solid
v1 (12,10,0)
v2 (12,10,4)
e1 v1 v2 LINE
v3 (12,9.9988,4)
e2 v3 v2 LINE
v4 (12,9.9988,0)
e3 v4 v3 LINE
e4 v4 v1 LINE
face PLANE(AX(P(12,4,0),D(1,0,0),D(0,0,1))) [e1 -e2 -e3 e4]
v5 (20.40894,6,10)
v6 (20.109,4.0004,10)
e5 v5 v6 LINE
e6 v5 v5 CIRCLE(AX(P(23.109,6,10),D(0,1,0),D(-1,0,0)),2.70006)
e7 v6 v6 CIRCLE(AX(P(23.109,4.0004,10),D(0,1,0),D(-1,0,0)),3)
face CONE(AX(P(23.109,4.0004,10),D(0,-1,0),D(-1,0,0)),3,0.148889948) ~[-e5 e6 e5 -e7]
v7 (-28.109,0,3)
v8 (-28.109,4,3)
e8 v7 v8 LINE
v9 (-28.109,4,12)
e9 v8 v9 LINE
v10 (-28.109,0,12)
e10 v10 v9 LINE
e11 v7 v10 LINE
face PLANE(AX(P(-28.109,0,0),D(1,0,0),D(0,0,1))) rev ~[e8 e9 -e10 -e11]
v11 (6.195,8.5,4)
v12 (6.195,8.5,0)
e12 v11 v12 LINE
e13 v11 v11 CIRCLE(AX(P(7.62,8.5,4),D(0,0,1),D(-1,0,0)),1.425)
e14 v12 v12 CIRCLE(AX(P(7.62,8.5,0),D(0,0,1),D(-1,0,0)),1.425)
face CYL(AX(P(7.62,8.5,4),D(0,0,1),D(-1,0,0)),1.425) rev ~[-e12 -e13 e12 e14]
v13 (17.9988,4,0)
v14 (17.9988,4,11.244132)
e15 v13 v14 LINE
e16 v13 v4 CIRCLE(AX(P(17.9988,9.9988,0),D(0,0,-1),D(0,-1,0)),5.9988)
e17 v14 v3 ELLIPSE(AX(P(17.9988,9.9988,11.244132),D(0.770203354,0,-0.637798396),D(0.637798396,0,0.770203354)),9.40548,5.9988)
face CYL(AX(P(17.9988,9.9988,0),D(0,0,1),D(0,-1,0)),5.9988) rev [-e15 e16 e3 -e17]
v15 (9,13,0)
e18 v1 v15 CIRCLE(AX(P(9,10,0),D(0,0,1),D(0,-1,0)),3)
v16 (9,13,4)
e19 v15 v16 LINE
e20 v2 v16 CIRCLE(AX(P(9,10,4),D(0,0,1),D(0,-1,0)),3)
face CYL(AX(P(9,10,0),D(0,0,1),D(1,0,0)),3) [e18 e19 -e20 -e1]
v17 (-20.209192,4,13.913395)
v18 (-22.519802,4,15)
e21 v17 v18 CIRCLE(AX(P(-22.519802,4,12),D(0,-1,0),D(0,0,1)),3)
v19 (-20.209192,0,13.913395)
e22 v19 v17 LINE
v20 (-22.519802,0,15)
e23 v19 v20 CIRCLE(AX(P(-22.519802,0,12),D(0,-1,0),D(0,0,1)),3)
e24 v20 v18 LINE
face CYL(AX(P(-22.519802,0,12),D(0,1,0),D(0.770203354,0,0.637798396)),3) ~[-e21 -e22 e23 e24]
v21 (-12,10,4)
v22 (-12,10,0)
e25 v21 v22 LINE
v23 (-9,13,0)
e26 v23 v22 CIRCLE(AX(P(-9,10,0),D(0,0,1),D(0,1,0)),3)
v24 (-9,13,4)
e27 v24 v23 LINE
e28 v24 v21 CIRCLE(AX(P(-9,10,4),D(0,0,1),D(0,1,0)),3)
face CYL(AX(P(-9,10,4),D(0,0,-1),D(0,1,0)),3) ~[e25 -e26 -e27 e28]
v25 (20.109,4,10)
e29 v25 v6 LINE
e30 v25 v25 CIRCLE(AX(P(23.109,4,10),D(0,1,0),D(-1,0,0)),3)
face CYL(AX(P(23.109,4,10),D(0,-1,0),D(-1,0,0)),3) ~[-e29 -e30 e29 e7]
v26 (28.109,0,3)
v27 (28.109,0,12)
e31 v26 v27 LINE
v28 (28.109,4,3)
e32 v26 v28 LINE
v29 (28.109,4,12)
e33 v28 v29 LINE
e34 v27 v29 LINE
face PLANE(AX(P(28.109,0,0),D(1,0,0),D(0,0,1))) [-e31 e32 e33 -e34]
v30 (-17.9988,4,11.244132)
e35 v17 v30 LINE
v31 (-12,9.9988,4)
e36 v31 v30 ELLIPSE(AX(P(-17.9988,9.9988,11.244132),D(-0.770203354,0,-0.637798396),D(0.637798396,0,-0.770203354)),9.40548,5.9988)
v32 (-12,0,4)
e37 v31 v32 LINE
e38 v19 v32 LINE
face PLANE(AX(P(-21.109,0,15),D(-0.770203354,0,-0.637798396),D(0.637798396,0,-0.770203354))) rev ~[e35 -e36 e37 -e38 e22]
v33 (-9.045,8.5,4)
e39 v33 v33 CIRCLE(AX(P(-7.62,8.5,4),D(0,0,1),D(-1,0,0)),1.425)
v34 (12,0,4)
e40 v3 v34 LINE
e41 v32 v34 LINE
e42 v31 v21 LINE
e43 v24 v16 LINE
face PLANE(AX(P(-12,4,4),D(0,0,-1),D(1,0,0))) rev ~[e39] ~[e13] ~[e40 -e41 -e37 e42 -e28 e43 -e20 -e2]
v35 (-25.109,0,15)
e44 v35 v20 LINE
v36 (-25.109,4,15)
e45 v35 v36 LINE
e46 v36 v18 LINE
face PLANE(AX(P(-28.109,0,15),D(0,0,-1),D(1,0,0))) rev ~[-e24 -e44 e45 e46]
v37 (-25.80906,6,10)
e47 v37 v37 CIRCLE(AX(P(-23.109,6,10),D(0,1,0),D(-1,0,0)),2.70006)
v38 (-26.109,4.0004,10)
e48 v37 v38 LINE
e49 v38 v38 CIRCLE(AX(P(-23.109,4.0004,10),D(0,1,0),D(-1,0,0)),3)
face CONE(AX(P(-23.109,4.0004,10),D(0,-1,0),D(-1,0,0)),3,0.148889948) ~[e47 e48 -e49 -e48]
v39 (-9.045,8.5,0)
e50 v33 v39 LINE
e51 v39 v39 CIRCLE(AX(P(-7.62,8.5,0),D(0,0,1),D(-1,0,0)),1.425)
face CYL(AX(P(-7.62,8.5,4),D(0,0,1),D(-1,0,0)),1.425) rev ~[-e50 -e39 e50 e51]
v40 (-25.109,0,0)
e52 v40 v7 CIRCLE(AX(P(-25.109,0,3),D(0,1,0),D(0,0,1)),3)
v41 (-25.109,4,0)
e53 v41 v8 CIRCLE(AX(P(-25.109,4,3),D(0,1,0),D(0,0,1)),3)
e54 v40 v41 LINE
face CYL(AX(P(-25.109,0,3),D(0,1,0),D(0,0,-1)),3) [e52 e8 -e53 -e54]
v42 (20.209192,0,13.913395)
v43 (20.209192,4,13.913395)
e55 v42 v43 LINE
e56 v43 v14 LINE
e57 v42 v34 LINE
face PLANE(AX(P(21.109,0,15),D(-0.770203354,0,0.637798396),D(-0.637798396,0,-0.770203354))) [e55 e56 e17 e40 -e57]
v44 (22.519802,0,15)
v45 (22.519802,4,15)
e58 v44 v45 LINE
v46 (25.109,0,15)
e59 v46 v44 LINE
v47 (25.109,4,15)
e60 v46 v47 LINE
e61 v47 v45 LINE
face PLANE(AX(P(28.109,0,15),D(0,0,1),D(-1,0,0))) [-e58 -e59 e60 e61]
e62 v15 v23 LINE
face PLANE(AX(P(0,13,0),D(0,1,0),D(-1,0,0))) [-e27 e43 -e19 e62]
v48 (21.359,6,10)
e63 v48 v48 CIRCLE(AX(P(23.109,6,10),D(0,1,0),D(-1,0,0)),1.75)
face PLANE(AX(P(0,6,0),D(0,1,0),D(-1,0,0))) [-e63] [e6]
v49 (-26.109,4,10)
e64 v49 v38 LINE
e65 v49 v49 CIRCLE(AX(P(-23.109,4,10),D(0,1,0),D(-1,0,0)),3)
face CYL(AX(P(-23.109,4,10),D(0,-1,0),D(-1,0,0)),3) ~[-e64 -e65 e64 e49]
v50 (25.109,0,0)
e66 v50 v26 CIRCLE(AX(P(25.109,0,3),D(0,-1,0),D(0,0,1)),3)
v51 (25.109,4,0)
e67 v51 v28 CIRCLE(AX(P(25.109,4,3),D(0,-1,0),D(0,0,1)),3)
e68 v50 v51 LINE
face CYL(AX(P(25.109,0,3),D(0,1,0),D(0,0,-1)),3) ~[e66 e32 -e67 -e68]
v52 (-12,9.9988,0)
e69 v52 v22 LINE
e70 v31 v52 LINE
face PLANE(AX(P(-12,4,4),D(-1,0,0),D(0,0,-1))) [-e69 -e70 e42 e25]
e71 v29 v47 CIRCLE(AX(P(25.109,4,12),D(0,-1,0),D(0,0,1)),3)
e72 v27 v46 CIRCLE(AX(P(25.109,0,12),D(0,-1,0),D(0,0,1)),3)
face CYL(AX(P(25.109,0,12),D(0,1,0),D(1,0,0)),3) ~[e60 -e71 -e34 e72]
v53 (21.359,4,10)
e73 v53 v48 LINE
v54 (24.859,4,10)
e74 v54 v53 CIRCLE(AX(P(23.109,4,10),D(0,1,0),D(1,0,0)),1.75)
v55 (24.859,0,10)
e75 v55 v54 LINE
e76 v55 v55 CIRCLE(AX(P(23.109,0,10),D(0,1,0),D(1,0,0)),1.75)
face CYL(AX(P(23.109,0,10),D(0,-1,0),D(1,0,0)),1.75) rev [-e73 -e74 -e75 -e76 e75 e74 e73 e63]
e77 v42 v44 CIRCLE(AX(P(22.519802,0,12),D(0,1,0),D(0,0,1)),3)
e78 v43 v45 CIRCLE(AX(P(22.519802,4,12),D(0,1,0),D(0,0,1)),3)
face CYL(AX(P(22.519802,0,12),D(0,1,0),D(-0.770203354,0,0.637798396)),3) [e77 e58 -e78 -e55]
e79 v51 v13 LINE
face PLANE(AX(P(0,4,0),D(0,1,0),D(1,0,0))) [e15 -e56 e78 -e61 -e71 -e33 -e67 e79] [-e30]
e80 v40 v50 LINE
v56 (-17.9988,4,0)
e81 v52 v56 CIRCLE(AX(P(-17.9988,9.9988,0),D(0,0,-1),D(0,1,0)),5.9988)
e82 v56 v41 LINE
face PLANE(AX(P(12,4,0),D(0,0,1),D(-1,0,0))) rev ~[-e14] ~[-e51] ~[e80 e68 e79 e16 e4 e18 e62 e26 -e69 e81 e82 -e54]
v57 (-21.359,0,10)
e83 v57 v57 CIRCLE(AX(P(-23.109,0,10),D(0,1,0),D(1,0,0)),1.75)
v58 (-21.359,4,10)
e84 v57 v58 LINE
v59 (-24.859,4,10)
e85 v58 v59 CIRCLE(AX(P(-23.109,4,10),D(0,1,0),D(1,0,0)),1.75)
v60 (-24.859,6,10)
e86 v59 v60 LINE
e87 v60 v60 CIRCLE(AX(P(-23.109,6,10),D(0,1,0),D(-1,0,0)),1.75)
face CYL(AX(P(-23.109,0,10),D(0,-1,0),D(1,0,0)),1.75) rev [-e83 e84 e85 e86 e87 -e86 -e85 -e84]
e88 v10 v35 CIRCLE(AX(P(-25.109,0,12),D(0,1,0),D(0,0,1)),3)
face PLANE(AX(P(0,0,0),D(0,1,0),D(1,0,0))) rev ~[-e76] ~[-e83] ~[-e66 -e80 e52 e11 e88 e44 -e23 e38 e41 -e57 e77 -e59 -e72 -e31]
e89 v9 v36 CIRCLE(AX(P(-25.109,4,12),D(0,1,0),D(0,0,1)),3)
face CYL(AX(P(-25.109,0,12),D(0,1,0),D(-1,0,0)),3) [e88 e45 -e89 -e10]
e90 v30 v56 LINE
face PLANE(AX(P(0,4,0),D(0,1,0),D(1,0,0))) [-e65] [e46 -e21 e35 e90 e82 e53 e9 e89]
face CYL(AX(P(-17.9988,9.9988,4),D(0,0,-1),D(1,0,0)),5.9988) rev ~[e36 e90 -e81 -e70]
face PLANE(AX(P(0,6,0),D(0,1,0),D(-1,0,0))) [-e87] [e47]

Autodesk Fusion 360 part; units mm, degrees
sketch "Sketch1" plane through (0, 0, 0) normal (0, 1, 0) x (1, 0, 0)
  line L0 (0, 0) -> (-28.109, 0)
  line L1 (-28.109, 0) -> (-28.109, -15)
  line L2 (-28.109, -15) -> (-21.109, -15)
  line L3 (-21.109, -15) -> (-12, -4)
  line L4 (-12, -4) -> (0, -4)
  line L5 (0, -4) -> (0, 0)
  circle A0 centre (-23.109, -10) radius 1.75
  line L6 (0, -1.75) -> (0, -22.5)
  line L7 (0, 0) -> (28.109, 0)
  line L8 (28.109, 0) -> (28.109, -15)
  line L9 (28.109, -15) -> (21.109, -15)
  line L10 (12, -4) -> (0, -4)
  line L11 (0, -4) -> (0, 0)
  line L12 (21.109, -15) -> (12, -4)
  circle A1 centre (23.109, -10) radius 1.75
  dimension "d1" = 23.109
  dimension "d2" = 3.5
  dimension "d3" = 10
  dimension "d4" = 5
  dimension "d5" = 5
  dimension "d6" = 7
  dimension "d8" = 12
  dimension "d9" = 4
extrude "Extrude1" add sketch "Sketch1" along normal blind 4
sketch "Sketch2" plane through (0, 4, 0) normal (0, 1, 0) x (-1, 0, 0)
  circle A0 centre (23.109, 10) radius 1.75
  circle A1 centre (-23.109, 10) radius 1.75
  line L0 (-28.109, 0) -> (28.109, 0)
  line L1 (28.109, 0) -> (28.109, 15)
  line L2 (28.109, 15) -> (21.109, 15)
  line L3 (21.109, 15) -> (12, 4)
  line L4 (12, 4) -> (-12, 4)
  line L5 (-12, 4) -> (-21.109, 15)
  line L6 (-21.109, 15) -> (-28.109, 15)
  line L7 (-28.109, 15) -> (-28.109, 0)
  line L8 (-12, 4) -> (12, 4)
  line L9 (12, 4) -> (12, 0)
  line L10 (12, 0) -> (-12, 0)
  line L11 (-12, 0) -> (-12, 4)
extrude "Extrude2" add sketch "Sketch2" along normal blind 9 contours L0 L4 L8 L9 L10 L11
sketch "Sketch3" plane through (0, 4, 0) normal (0, 1, 0) x (-1, 0, 0)
  line L0 (12, 4) -> (12, 0)
  line L1 (12, 0) -> (28.109, 0)
  line L2 (28.109, 0) -> (28.109, 15)
  line L3 (28.109, 15) -> (21.109, 15)
  line L4 (21.109, 15) -> (12, 4)
  circle A0 centre (23.109, 10) radius 1.75
  circle A1 centre (23.109, 10) radius 3
  line L5 (-12, 0) -> (-12, 4)
  line L6 (-12, 4) -> (-21.109, 15)
  line L7 (-21.109, 15) -> (-28.109, 15)
  line L8 (-28.109, 15) -> (-28.109, 0)
  line L9 (-28.109, 0) -> (-12, 0)
  circle A2 centre (-23.109, 10) radius 1.75
  circle A3 centre (-23.109, 10) radius 3
  dimension "d14" = 6
extrude "Extrude3" add sketch "Sketch3" along normal blind 2 contours A1 | A3
chamfer "Chamfer1" distance 0.3 distance2 2 2 edges at (25.906, 6, 8.9152) (-20.312, 6, 8.9152) measured on face at (20.5434, 6, 9.764) measured on face at (-25.6746, 6, 9.764)
sketch "Sketch4" plane through (0, 0, 4) normal (0, 0, 1) x (-1, 0, 0)
  line L0 (12, 0) -> (-12, 0)
  line L1 (-12, 0) -> (-12, -4)
  line L2 (-12, -4) -> (-12, -13)
  line L3 (-12, -13) -> (12, -13)
  line L4 (12, -13) -> (12, -4)
  line L5 (12, -4) -> (12, 0)
  line L6 (0, 0) -> (0, -19.3356) construction
  circle A0 centre (7.62, -8.5) radius 1.425
  circle A1 centre (-7.62, -8.5) radius 1.425
  dimension "d19" = 7.62
  dimension "d20" = 2.85
  dimension "d21" = 8.5
extrude "Extrude4" cut sketch "Sketch4" against normal blind 10 contours A0 | A1
fillet "Fillet1" radius 3 8 edges at (28.109, 2, 0) (28.109, 2, 15) (21.109, 2, 15) (-21.109, 2, 15) (-28.109, 2, 15) (-28.109, 2, 0) (12, 13, 2) (-12, 13, 2)
fillet "Fillet2" radius 6 2 edges at (12, 4, 2) (-12, 4, 2)
equation "d1 = ( 46.218 / 2 ) * 1 mm"
